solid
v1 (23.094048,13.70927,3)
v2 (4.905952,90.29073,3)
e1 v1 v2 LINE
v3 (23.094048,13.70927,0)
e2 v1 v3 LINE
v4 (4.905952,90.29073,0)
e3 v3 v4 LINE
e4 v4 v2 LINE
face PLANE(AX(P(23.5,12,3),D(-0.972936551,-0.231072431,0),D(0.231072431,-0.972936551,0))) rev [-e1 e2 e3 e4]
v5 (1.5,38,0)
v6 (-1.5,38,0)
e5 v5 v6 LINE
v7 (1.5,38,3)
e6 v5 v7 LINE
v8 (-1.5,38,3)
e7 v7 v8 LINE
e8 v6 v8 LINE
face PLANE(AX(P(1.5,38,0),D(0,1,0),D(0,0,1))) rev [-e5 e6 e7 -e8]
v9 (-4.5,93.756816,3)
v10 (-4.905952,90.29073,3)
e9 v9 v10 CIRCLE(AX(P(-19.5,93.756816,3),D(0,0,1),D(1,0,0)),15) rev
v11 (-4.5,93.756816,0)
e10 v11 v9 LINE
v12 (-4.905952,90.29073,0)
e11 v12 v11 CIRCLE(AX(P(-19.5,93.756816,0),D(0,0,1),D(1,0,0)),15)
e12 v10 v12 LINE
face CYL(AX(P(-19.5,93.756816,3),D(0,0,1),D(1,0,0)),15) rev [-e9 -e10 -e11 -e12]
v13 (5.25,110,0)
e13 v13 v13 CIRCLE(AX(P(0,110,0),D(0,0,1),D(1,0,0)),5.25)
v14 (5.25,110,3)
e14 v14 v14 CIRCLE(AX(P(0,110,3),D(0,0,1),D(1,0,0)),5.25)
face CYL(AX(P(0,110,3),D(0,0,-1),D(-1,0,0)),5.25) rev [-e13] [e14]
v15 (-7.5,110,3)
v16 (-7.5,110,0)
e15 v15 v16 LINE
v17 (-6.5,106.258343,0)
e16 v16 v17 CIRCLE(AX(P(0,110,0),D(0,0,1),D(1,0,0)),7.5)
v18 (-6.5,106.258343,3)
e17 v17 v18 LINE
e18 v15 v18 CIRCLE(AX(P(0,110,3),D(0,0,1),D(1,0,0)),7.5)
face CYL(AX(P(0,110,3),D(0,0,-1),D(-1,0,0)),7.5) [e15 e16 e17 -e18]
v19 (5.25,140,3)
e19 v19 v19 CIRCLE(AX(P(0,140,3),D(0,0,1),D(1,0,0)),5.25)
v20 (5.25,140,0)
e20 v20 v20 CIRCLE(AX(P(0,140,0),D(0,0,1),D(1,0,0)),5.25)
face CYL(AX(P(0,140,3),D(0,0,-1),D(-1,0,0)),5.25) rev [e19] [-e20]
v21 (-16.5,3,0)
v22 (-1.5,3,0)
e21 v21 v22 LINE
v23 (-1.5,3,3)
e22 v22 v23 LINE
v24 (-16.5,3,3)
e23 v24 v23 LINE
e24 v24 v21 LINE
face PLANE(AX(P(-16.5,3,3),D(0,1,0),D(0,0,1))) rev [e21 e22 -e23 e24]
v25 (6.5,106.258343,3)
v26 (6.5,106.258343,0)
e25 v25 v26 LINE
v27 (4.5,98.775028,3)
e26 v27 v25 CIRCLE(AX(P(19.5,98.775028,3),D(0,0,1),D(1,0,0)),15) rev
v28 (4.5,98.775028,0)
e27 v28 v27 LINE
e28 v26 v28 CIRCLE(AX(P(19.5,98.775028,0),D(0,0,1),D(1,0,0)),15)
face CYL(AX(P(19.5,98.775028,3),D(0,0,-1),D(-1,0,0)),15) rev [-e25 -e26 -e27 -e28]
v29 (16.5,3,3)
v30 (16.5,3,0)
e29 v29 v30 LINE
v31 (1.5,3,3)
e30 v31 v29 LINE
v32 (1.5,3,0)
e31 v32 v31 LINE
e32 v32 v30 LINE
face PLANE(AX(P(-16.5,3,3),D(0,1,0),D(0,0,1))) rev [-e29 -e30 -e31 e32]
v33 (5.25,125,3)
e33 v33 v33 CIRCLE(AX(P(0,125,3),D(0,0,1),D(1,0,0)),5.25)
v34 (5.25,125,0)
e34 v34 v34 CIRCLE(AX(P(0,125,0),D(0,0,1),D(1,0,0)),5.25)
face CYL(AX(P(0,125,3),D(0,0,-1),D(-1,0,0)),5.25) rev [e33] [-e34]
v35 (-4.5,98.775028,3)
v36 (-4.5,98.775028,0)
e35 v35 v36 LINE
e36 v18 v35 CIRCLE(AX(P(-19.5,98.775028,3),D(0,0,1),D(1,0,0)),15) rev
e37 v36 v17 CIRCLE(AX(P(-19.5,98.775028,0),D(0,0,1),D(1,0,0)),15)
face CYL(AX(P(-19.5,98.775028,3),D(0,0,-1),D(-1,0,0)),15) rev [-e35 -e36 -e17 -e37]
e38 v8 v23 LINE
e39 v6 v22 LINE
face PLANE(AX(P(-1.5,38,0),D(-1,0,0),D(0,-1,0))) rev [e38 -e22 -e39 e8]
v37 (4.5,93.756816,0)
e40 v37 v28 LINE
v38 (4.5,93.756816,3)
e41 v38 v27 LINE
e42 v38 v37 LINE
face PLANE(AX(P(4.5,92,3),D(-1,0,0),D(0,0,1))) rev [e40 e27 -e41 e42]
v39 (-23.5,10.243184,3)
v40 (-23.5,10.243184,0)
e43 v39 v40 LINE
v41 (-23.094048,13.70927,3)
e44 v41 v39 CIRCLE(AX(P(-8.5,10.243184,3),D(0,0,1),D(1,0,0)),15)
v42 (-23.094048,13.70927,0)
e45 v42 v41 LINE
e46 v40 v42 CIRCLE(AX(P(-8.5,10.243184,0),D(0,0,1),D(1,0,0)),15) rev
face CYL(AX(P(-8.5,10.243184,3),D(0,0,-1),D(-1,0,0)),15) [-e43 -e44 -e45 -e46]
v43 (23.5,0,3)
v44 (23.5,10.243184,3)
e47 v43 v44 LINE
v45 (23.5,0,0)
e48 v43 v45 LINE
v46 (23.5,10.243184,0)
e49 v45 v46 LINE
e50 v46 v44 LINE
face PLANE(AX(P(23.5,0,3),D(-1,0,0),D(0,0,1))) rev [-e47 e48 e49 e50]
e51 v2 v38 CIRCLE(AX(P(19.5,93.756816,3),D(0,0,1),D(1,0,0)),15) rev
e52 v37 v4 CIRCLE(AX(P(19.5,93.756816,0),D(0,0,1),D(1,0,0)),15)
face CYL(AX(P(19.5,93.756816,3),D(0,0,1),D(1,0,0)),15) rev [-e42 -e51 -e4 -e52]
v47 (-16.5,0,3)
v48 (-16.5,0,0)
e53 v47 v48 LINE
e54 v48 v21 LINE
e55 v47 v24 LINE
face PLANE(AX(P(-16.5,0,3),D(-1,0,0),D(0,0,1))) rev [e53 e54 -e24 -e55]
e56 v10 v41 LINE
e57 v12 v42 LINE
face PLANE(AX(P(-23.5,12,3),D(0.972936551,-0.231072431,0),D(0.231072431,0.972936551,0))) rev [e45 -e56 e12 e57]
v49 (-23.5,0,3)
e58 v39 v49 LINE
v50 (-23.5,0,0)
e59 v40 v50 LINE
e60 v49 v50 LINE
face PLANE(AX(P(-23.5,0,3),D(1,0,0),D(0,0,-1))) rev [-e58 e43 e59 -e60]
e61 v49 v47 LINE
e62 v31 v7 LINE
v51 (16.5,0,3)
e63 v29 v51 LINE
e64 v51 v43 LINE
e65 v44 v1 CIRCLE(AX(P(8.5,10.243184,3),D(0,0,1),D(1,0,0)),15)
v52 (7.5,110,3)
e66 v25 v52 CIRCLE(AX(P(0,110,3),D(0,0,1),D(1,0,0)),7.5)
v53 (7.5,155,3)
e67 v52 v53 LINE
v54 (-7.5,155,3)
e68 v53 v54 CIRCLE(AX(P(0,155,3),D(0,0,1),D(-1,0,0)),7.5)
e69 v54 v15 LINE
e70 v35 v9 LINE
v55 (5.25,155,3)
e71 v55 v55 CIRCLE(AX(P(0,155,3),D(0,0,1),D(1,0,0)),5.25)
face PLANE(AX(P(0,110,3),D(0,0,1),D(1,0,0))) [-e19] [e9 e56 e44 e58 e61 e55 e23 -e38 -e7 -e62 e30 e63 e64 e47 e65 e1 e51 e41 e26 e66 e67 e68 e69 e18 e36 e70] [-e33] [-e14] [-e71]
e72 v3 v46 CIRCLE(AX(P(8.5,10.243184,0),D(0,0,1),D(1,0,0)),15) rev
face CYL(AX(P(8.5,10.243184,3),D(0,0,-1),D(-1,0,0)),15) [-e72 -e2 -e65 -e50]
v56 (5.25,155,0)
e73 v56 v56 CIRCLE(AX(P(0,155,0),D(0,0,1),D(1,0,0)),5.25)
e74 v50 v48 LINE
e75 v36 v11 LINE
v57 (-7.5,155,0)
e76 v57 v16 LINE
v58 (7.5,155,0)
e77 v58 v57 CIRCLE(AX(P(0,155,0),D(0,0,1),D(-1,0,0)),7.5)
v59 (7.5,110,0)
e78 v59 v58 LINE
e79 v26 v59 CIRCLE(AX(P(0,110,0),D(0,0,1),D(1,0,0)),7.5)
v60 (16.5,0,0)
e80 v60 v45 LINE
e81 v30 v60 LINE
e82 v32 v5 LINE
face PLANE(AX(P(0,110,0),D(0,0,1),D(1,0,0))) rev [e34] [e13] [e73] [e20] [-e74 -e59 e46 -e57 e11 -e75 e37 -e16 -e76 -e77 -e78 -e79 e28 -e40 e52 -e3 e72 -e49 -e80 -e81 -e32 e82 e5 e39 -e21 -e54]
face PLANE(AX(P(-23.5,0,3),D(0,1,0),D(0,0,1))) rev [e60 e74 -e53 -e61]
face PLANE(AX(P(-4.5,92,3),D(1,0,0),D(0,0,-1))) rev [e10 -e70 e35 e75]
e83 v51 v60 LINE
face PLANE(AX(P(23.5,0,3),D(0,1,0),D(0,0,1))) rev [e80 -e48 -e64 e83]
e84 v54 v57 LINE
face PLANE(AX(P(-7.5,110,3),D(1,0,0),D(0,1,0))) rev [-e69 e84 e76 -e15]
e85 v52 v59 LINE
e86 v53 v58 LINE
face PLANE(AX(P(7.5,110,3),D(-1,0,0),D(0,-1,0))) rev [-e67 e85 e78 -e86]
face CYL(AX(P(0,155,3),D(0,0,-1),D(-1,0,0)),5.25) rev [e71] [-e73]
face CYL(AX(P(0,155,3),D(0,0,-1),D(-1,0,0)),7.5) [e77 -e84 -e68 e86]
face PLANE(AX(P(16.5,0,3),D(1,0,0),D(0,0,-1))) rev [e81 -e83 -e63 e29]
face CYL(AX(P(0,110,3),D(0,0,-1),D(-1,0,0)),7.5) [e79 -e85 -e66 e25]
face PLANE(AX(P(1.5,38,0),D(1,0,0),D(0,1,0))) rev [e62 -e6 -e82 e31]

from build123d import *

# Parameters (mm, degrees)
ESBO_O1_R                = 5.25
RESSALTO_EXTRUS_O1_DEPTH = 3
FILETE1_R                = 15
ESBO_O2_W                = 3
ESBO_O2_H                = 35
CORTE_EXTRUS_O1_DEPTH    = 3


with BuildPart() as part:
    # Esboço1 → Ressalto-extrusão1 (new body)
    with BuildSketch(Plane.XY):
        with BuildLine():
            Line((-23.5, 0), (-16.5, 0))
            Line((-16.5, 0), (-16.5, 3))
            Line((-16.5, 3), (16.5, 3))
            Line((16.5, 3), (16.5, 0))
            Line((16.5, 0), (23.5, 0))
            Line((23.5, 0), (23.5, 12))
            Line((23.5, 12), (4.5, 92))
            Line((4.5, 92), (4.5, 104))
            ThreePointArc((4.5, 104), (6.708203932, 106.645898034), (7.5, 110))
            Line((7.5, 110), (7.5, 155))
            ThreePointArc((7.5, 155), (0, 162.5), (-7.5, 155))
            Line((-7.5, 155), (-7.5, 110))
            ThreePointArc((-7.5, 110), (-6.708203932, 106.645898034), (-4.5, 104))
            Line((-4.5, 104), (-4.5, 92))
            Line((-4.5, 92), (-23.5, 12))
            Line((-23.5, 12), (-23.5, 0))
        make_face()
        with Locations((0, 110)):
            Circle(ESBO_O1_R, mode=Mode.SUBTRACT)
        with Locations((0, 125)):
            Circle(ESBO_O1_R, mode=Mode.SUBTRACT)
        with Locations((0, 140)):
            Circle(ESBO_O1_R, mode=Mode.SUBTRACT)
        with Locations((0, 155)):
            Circle(ESBO_O1_R, mode=Mode.SUBTRACT)
    extrude(amount=RESSALTO_EXTRUS_O1_DEPTH)

    # Filete1
    filete1_edges = [part.edges().sort_by_distance(p)[0] for p in [
        (-23.5, 12, 1.5),
        (-4.5, 92, 1.5),
        (-4.5, 104, 1.5),
        (4.5, 104, 1.5),
        (4.5, 92, 1.5),
        (23.5, 12, 1.5),
    ]]
    fillet(filete1_edges, radius=FILETE1_R)

    # Esboço2 → Corte-extrusão1 (cut)
    with BuildSketch(Plane.XY.offset(3)):
        with Locations((0, 20.5)):
            Rectangle(ESBO_O2_W, ESBO_O2_H)
    extrude(amount=-CORTE_EXTRUS_O1_DEPTH, mode=Mode.SUBTRACT)


solid = part.part
